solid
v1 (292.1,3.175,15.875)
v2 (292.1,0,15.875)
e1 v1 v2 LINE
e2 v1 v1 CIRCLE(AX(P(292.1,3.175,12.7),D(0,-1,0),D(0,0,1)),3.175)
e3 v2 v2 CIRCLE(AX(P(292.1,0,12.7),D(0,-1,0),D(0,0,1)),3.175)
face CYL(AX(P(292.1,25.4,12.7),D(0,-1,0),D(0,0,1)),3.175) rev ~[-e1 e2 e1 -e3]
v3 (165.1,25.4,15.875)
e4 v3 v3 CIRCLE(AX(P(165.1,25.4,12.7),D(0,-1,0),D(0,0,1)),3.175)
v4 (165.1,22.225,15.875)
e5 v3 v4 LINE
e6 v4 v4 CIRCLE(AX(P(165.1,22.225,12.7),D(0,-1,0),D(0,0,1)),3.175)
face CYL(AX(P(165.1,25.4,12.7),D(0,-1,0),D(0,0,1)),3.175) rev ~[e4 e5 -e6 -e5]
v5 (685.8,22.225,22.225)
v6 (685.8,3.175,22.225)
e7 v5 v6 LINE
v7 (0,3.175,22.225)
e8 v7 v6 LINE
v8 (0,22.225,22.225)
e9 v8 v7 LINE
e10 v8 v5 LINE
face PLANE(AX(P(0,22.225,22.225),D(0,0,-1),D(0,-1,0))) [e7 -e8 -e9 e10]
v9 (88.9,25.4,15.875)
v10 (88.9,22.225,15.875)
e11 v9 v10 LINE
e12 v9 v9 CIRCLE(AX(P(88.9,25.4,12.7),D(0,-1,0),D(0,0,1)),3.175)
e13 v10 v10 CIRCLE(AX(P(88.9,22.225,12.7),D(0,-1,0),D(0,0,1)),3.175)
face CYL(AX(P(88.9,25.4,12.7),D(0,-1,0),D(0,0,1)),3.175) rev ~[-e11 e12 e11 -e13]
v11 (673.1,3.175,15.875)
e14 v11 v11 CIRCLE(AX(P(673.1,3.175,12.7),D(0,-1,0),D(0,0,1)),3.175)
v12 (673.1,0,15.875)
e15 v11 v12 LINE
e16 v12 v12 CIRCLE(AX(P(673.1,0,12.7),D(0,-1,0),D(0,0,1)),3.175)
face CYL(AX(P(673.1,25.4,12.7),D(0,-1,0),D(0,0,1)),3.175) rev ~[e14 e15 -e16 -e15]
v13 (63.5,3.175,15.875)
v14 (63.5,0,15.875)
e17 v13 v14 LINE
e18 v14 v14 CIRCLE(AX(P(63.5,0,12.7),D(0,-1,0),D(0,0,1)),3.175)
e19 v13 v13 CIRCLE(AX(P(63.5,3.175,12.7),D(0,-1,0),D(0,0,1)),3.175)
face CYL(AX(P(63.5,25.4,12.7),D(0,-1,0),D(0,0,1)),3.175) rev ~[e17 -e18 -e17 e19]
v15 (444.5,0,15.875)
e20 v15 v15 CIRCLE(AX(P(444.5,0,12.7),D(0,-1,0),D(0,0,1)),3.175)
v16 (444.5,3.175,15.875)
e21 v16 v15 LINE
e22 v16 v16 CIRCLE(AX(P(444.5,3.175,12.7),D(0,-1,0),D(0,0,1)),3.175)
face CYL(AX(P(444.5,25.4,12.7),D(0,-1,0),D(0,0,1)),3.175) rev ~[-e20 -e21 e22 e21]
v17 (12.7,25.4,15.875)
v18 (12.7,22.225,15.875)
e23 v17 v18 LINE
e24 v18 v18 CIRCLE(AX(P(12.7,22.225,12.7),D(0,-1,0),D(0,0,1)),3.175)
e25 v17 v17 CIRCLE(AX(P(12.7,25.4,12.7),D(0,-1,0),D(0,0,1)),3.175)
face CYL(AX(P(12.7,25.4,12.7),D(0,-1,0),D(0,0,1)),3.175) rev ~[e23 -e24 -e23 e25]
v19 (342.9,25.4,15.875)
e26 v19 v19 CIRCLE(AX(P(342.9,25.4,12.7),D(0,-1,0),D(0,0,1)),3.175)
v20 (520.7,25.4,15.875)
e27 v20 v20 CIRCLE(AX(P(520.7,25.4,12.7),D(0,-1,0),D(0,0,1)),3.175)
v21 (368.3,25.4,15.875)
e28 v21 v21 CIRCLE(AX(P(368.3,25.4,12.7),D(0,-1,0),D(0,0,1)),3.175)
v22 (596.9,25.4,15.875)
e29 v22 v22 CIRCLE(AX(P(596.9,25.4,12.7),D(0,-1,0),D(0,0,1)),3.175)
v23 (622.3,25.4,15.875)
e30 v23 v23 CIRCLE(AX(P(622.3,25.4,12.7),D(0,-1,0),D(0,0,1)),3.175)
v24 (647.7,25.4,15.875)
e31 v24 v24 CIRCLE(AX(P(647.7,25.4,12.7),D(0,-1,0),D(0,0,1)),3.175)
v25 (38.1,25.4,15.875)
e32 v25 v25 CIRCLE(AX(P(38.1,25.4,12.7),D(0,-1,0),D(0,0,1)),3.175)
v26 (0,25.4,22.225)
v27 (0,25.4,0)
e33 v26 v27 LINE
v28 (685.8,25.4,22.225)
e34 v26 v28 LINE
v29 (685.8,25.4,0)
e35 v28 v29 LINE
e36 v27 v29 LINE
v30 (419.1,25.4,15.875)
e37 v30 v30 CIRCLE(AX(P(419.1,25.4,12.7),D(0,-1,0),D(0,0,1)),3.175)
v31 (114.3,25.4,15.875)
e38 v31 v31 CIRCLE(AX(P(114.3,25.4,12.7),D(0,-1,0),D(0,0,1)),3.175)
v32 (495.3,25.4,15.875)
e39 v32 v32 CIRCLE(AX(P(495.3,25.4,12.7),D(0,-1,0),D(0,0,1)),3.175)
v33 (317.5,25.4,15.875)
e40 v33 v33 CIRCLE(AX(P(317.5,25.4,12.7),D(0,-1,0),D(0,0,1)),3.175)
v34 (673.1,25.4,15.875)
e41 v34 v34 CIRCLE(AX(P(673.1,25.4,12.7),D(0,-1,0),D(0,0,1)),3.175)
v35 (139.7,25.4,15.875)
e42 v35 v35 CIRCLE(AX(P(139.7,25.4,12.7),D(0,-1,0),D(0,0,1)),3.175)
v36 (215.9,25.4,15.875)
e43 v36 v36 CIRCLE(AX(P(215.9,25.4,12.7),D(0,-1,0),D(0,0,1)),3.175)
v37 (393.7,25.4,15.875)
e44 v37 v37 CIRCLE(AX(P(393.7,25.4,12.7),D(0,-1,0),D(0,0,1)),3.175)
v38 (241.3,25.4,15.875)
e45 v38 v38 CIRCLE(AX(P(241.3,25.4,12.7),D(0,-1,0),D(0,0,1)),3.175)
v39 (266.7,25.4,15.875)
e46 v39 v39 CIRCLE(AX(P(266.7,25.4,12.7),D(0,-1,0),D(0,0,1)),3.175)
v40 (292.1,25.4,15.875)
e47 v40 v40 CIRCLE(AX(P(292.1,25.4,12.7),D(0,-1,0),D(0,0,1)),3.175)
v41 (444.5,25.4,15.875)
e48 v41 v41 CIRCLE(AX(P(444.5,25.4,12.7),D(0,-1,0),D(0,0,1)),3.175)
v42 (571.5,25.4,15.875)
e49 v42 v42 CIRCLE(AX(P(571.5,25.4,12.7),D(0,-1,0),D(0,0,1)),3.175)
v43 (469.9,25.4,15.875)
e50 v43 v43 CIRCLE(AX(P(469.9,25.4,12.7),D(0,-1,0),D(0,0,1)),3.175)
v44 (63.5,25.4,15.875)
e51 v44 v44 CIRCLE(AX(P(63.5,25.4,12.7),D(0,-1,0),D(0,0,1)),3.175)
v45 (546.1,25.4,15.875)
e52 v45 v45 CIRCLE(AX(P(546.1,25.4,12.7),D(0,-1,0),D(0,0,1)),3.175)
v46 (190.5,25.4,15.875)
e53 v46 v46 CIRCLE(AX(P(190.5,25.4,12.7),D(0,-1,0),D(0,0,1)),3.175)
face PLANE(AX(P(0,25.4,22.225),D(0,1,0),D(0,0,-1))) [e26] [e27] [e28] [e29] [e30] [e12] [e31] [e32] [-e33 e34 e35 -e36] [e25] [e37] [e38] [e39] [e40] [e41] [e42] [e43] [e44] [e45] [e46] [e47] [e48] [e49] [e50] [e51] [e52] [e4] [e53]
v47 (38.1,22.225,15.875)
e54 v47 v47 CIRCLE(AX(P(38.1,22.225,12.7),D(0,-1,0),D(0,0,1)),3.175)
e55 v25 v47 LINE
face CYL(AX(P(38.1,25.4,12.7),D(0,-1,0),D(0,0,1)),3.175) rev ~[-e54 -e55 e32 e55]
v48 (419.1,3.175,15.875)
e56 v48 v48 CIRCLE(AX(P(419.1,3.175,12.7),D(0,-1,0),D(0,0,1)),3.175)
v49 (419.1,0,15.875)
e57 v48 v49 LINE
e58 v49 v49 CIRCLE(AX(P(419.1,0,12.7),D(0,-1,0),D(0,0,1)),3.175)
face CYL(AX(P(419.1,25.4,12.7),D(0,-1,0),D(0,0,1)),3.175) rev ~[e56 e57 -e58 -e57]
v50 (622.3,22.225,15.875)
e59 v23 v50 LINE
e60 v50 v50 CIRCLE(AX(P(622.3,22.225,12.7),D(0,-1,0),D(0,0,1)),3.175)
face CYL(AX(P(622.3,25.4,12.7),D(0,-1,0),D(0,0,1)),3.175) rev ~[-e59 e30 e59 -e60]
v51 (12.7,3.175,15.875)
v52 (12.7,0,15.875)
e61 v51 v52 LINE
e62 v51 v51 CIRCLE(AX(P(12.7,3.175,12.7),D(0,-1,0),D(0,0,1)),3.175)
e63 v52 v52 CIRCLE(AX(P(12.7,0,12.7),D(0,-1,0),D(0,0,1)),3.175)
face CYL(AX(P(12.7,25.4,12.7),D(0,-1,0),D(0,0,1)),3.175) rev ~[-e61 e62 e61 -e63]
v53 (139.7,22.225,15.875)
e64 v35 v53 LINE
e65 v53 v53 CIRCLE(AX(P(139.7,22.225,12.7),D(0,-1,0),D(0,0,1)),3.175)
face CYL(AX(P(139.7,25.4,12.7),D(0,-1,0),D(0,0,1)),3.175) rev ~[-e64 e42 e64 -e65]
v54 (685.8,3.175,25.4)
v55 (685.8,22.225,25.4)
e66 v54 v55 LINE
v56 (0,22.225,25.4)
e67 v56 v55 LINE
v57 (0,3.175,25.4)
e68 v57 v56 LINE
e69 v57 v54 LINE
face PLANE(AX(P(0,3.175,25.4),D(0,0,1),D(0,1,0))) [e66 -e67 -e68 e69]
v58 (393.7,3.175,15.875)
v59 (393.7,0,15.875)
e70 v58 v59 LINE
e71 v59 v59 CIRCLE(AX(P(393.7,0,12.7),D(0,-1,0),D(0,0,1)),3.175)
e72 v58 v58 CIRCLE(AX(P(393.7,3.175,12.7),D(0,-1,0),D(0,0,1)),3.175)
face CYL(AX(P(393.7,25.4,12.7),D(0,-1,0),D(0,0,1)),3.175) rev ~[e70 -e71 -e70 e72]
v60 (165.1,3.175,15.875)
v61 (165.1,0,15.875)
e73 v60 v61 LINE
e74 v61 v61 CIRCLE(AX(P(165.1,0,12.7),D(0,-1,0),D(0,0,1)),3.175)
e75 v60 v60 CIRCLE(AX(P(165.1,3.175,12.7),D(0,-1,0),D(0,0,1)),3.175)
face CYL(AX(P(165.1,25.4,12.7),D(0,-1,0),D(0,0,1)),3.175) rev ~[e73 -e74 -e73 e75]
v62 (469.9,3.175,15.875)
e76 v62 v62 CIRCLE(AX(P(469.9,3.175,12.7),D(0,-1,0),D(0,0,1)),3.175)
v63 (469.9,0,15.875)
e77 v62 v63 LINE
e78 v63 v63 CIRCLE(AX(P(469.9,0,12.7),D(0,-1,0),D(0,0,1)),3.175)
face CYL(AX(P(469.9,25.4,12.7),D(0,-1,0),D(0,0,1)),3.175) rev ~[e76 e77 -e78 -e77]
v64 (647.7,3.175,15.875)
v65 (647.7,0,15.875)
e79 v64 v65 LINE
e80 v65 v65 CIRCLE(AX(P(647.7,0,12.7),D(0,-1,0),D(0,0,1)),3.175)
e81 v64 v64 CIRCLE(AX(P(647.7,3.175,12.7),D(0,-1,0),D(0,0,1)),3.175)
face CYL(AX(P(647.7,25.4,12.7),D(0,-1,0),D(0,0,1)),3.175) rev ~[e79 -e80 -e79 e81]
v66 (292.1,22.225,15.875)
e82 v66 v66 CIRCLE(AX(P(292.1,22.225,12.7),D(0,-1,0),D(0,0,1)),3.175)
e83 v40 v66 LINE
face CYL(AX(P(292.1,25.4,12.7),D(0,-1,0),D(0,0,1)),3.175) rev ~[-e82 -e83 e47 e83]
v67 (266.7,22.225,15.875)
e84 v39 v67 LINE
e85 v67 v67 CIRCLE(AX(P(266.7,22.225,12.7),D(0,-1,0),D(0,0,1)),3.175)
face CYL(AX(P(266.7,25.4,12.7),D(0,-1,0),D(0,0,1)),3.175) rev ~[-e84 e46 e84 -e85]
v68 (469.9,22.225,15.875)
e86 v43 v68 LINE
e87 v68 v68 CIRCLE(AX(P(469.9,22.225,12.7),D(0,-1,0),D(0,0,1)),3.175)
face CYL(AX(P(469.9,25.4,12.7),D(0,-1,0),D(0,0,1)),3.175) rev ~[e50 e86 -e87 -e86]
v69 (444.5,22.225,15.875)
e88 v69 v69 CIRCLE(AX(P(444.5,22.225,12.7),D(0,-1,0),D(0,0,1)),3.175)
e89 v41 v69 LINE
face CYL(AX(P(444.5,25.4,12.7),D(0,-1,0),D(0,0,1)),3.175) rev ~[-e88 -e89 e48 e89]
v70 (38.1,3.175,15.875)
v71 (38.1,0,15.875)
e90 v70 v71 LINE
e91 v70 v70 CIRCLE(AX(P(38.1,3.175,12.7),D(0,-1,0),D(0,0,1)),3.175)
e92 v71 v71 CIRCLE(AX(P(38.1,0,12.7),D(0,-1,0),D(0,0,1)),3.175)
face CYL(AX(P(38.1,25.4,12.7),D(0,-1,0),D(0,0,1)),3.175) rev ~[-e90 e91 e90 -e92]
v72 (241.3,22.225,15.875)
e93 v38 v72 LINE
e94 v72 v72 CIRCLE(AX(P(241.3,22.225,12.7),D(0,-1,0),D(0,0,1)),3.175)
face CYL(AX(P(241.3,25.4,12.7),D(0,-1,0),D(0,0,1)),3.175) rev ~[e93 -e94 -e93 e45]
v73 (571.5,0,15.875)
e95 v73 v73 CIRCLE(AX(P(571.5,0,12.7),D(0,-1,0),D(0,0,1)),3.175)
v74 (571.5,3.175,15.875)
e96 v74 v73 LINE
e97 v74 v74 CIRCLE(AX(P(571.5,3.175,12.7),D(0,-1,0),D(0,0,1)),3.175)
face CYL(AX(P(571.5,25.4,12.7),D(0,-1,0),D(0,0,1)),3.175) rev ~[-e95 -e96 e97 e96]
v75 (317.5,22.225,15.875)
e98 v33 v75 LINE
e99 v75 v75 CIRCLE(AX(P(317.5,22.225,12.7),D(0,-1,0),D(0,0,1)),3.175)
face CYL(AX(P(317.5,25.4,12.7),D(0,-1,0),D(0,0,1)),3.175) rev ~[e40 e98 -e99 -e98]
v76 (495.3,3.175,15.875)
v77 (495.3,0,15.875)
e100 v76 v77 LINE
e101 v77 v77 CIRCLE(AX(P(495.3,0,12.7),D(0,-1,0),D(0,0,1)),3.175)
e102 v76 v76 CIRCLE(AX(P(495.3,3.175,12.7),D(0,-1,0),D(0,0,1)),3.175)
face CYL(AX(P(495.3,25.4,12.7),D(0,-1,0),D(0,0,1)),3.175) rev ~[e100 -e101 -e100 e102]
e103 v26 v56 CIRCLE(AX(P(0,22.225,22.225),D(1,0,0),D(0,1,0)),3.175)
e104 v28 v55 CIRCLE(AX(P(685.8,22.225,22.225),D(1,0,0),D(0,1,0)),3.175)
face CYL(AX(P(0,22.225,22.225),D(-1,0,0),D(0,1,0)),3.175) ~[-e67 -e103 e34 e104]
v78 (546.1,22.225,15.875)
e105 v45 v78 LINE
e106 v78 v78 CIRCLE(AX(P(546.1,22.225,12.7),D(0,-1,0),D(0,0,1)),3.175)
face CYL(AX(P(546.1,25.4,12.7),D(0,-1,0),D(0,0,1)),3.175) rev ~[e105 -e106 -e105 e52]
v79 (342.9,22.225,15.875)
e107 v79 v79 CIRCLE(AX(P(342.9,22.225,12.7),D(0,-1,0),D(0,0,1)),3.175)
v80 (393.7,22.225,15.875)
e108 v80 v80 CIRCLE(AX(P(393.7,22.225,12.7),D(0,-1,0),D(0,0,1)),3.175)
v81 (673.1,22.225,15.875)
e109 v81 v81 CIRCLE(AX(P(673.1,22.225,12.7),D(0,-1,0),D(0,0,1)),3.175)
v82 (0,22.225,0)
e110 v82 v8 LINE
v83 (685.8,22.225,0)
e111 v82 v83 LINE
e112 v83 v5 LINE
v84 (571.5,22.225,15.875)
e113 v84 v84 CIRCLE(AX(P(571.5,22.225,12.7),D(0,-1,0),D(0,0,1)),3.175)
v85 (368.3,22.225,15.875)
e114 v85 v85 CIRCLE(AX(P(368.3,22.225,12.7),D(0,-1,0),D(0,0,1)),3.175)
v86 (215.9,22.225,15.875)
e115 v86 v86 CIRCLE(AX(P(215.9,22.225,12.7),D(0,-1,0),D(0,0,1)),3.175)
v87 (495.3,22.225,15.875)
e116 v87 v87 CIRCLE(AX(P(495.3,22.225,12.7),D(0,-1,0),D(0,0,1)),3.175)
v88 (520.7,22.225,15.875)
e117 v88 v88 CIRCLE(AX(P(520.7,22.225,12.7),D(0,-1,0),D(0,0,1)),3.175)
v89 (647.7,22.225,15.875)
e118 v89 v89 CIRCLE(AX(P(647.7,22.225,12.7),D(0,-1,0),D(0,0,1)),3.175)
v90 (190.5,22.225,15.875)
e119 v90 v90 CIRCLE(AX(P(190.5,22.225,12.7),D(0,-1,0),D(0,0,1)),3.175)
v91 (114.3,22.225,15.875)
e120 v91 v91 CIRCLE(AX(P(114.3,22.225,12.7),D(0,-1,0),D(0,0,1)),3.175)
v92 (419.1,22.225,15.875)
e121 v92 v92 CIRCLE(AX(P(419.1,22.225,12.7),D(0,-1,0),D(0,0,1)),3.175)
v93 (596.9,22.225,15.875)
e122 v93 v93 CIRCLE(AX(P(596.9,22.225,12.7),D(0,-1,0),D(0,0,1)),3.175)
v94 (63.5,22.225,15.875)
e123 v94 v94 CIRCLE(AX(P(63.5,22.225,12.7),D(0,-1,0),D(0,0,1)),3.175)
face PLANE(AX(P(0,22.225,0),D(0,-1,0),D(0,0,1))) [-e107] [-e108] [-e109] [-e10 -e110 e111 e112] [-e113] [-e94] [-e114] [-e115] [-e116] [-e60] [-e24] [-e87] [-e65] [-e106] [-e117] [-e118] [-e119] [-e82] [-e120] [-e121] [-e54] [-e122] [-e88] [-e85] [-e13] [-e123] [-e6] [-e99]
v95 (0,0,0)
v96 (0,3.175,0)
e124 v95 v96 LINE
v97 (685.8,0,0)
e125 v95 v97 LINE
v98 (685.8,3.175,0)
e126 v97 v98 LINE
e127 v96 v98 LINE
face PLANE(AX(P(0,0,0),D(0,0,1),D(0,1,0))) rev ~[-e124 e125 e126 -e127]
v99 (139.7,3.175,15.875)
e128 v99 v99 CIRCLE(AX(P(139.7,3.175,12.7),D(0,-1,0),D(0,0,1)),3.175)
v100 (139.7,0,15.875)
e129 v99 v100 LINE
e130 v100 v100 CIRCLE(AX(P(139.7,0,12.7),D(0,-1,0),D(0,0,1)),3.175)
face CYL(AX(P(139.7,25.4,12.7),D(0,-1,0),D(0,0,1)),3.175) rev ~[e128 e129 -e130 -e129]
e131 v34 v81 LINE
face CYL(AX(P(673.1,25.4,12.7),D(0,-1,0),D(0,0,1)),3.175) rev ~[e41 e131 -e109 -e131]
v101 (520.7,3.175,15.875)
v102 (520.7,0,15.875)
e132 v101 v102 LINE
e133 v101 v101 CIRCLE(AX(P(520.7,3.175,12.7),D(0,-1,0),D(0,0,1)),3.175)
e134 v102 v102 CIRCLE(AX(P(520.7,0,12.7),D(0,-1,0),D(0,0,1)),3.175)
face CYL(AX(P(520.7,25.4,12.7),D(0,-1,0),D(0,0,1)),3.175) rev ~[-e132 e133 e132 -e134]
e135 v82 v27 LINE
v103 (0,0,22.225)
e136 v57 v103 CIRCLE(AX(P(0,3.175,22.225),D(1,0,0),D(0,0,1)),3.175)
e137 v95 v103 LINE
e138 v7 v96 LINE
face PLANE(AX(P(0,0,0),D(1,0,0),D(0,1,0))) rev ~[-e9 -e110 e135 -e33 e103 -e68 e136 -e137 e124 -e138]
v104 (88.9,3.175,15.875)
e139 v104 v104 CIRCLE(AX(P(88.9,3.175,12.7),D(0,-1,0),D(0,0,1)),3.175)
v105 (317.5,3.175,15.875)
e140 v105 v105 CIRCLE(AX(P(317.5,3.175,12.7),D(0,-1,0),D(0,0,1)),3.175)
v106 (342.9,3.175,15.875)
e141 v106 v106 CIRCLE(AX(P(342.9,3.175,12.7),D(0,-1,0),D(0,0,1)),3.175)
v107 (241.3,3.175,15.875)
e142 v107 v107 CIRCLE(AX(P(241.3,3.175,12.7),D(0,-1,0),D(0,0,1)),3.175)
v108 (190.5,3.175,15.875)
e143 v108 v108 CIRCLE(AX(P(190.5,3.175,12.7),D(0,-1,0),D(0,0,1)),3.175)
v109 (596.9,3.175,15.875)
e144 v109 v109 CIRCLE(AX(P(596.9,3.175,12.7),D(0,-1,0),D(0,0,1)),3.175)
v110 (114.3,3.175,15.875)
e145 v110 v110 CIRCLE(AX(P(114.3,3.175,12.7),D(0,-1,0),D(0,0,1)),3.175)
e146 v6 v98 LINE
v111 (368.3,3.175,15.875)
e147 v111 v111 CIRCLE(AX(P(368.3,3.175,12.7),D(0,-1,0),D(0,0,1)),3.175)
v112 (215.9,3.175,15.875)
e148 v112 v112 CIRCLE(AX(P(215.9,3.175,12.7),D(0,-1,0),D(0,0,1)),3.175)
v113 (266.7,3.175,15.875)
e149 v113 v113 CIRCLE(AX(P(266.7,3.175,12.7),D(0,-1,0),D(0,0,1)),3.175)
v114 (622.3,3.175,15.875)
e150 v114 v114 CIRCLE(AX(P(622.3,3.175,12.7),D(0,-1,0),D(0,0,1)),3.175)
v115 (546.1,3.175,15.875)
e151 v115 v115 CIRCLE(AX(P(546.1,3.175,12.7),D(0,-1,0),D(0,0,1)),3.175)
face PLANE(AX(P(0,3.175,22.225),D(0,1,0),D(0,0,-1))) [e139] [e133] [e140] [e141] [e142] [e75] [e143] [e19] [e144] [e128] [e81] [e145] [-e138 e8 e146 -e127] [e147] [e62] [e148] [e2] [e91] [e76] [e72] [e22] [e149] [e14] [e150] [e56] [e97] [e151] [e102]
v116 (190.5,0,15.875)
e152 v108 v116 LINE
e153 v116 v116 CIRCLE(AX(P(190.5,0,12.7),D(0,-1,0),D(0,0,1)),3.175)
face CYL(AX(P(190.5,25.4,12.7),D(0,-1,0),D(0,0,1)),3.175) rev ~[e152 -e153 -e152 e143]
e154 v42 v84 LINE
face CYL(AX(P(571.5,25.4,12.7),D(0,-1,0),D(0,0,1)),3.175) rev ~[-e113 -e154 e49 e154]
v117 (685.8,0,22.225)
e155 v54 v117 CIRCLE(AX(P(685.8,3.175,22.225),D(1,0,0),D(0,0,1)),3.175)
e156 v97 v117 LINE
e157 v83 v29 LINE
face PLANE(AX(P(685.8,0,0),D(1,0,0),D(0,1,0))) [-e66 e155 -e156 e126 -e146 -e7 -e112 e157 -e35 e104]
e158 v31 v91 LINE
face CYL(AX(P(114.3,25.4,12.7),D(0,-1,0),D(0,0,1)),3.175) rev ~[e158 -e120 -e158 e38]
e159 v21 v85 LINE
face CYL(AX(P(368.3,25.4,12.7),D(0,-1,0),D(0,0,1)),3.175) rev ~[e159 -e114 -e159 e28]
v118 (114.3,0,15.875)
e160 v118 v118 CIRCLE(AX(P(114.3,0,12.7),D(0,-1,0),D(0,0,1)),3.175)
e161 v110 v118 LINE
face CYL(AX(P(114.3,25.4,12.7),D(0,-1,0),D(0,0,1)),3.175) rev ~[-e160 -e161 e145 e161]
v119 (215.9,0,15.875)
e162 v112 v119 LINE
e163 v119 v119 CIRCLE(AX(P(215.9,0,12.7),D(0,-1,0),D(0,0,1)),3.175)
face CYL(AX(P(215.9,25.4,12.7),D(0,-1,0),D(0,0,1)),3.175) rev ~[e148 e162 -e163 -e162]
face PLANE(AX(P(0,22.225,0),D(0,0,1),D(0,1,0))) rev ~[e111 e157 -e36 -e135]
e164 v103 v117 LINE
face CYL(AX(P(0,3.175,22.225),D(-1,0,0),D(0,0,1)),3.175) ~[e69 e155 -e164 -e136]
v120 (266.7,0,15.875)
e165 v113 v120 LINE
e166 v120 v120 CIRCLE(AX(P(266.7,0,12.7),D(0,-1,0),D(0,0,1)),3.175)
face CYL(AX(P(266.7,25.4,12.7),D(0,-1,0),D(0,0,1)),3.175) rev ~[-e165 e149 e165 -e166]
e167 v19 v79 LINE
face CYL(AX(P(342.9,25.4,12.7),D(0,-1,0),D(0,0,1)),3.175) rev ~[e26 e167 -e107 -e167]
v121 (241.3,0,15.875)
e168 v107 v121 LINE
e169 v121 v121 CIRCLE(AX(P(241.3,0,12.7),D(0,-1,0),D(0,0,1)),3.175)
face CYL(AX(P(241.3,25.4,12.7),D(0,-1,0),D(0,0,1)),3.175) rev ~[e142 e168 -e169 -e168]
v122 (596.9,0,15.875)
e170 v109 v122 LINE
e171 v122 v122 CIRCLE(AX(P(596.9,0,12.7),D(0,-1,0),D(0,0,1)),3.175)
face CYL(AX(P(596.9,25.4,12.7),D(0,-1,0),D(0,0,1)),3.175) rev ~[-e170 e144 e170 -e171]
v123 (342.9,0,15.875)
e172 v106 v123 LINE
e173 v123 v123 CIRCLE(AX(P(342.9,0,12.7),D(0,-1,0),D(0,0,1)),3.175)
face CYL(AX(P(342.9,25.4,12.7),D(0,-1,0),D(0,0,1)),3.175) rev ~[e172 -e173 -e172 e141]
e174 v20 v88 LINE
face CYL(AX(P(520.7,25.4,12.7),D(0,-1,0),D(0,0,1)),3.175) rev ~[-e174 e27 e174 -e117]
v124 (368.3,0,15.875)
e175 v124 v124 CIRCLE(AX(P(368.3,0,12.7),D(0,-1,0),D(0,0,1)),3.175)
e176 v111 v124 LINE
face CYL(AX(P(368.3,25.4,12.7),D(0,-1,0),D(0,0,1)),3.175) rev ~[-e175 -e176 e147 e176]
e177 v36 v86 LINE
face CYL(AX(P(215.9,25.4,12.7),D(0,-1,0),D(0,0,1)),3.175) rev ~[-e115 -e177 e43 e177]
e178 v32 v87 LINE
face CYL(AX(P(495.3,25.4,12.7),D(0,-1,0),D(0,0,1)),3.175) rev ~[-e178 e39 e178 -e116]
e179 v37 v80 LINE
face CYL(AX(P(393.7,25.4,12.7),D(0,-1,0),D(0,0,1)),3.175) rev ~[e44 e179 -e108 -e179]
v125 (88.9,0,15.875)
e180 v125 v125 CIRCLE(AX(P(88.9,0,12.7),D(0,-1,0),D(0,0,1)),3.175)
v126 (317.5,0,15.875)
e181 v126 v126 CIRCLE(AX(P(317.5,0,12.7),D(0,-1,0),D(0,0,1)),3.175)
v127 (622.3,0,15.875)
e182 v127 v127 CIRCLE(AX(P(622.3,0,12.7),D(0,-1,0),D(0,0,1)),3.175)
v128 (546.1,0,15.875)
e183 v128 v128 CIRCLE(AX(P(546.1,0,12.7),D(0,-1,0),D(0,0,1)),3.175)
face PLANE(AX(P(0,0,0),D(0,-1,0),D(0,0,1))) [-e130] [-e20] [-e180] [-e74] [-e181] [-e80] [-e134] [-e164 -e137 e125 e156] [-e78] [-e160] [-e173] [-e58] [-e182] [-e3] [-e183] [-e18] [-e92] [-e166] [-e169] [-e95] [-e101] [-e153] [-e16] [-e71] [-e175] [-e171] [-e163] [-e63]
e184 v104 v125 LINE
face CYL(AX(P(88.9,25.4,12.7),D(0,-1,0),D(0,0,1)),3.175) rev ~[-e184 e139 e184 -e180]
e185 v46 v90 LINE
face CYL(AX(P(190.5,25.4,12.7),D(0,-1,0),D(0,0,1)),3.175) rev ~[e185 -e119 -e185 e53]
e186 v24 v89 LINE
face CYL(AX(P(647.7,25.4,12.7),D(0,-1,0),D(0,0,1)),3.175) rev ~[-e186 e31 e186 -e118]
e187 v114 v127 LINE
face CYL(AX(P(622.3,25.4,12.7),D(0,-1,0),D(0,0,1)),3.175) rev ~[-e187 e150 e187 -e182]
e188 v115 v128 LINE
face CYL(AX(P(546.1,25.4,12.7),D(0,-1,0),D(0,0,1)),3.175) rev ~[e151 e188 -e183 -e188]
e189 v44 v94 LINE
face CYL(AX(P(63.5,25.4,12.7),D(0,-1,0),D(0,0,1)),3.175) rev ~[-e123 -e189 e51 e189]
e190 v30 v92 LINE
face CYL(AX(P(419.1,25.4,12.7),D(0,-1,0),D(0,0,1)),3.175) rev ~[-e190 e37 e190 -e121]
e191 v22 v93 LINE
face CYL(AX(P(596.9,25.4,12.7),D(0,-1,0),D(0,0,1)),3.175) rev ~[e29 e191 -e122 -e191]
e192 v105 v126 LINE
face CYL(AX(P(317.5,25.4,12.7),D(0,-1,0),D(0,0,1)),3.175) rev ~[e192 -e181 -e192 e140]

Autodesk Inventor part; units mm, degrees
ref_plane "YZ Plane" through (0, 0, 0) normal (1, 0, 0) x (0, 1, 0)
ref_plane "XZ Plane" through (0, 0, 0) normal (0, 1, 0) x (-1, 0, 0)
ref_plane "XY Plane" through (0, 0, 0) normal (0, 0, 1) x (1, 0, 0)
sketch "Sketch1" plane through (0, 0, 0) normal (1, 0, 0) x (0, 1, 0)
  line L0 (0, 0) -> (0, 22.225)
  line L1 (3.175, 25.4) -> (22.225, 25.4)
  line L2 (25.4, 22.225) -> (25.4, 0)
  line L3 (22.225, 0) -> (22.225, 22.225)
  line L4 (22.225, 22.225) -> (3.175, 22.225)
  line L5 (3.175, 22.225) -> (3.175, 0)
  line L6 (0, 0) -> (3.175, 0)
  line L7 (22.225, 0) -> (25.4, 0)
  arc A0 (3.175, 25.4) -> (0, 22.225) centre (3.175, 22.225) ccw
  arc A1 (25.4, 22.225) -> (22.225, 25.4) centre (22.225, 22.225) ccw
  point P0 (0, 25.4)
  point P1 (25.4, 25.4)
  dimension "d0" = 25.4
  dimension "d2" = 25.4
  dimension "d3" = 90
  dimension "d4" = 25.4
  dimension "d5" = 90
  dimension "d6" = 3.175
  dimension "d7" = 3.175
extrude "Extrusion1" add sketch "Sketch1" along normal blind 685.8
sketch "Sketch2" plane through (0, 25.4, 22.225) normal (0, 1, 0) x (1, 0, 0)
  line L0 (0, 0) -> (0, 22.225) projected
  line L1 (0, 0) -> (685.8, 0) projected
  line L2 (685.8, 22.225) -> (685.8, 0) projected
  line L3 (0, 22.225) -> (685.8, 22.225) projected
  point P0 (12.7, 9.525)
  dimension "d10" = 12.7
  dimension "d11" = 12.7
hole "Hole1" at (12.7, 25.4, 12.7) direction (0, -1, 0) diameter 6.35 end through all
pattern_linear "Rectangular Pattern1" count 27 spacing 25.4 along (1, 0, 0) of "Hole1"
properties part number "c-channel"
